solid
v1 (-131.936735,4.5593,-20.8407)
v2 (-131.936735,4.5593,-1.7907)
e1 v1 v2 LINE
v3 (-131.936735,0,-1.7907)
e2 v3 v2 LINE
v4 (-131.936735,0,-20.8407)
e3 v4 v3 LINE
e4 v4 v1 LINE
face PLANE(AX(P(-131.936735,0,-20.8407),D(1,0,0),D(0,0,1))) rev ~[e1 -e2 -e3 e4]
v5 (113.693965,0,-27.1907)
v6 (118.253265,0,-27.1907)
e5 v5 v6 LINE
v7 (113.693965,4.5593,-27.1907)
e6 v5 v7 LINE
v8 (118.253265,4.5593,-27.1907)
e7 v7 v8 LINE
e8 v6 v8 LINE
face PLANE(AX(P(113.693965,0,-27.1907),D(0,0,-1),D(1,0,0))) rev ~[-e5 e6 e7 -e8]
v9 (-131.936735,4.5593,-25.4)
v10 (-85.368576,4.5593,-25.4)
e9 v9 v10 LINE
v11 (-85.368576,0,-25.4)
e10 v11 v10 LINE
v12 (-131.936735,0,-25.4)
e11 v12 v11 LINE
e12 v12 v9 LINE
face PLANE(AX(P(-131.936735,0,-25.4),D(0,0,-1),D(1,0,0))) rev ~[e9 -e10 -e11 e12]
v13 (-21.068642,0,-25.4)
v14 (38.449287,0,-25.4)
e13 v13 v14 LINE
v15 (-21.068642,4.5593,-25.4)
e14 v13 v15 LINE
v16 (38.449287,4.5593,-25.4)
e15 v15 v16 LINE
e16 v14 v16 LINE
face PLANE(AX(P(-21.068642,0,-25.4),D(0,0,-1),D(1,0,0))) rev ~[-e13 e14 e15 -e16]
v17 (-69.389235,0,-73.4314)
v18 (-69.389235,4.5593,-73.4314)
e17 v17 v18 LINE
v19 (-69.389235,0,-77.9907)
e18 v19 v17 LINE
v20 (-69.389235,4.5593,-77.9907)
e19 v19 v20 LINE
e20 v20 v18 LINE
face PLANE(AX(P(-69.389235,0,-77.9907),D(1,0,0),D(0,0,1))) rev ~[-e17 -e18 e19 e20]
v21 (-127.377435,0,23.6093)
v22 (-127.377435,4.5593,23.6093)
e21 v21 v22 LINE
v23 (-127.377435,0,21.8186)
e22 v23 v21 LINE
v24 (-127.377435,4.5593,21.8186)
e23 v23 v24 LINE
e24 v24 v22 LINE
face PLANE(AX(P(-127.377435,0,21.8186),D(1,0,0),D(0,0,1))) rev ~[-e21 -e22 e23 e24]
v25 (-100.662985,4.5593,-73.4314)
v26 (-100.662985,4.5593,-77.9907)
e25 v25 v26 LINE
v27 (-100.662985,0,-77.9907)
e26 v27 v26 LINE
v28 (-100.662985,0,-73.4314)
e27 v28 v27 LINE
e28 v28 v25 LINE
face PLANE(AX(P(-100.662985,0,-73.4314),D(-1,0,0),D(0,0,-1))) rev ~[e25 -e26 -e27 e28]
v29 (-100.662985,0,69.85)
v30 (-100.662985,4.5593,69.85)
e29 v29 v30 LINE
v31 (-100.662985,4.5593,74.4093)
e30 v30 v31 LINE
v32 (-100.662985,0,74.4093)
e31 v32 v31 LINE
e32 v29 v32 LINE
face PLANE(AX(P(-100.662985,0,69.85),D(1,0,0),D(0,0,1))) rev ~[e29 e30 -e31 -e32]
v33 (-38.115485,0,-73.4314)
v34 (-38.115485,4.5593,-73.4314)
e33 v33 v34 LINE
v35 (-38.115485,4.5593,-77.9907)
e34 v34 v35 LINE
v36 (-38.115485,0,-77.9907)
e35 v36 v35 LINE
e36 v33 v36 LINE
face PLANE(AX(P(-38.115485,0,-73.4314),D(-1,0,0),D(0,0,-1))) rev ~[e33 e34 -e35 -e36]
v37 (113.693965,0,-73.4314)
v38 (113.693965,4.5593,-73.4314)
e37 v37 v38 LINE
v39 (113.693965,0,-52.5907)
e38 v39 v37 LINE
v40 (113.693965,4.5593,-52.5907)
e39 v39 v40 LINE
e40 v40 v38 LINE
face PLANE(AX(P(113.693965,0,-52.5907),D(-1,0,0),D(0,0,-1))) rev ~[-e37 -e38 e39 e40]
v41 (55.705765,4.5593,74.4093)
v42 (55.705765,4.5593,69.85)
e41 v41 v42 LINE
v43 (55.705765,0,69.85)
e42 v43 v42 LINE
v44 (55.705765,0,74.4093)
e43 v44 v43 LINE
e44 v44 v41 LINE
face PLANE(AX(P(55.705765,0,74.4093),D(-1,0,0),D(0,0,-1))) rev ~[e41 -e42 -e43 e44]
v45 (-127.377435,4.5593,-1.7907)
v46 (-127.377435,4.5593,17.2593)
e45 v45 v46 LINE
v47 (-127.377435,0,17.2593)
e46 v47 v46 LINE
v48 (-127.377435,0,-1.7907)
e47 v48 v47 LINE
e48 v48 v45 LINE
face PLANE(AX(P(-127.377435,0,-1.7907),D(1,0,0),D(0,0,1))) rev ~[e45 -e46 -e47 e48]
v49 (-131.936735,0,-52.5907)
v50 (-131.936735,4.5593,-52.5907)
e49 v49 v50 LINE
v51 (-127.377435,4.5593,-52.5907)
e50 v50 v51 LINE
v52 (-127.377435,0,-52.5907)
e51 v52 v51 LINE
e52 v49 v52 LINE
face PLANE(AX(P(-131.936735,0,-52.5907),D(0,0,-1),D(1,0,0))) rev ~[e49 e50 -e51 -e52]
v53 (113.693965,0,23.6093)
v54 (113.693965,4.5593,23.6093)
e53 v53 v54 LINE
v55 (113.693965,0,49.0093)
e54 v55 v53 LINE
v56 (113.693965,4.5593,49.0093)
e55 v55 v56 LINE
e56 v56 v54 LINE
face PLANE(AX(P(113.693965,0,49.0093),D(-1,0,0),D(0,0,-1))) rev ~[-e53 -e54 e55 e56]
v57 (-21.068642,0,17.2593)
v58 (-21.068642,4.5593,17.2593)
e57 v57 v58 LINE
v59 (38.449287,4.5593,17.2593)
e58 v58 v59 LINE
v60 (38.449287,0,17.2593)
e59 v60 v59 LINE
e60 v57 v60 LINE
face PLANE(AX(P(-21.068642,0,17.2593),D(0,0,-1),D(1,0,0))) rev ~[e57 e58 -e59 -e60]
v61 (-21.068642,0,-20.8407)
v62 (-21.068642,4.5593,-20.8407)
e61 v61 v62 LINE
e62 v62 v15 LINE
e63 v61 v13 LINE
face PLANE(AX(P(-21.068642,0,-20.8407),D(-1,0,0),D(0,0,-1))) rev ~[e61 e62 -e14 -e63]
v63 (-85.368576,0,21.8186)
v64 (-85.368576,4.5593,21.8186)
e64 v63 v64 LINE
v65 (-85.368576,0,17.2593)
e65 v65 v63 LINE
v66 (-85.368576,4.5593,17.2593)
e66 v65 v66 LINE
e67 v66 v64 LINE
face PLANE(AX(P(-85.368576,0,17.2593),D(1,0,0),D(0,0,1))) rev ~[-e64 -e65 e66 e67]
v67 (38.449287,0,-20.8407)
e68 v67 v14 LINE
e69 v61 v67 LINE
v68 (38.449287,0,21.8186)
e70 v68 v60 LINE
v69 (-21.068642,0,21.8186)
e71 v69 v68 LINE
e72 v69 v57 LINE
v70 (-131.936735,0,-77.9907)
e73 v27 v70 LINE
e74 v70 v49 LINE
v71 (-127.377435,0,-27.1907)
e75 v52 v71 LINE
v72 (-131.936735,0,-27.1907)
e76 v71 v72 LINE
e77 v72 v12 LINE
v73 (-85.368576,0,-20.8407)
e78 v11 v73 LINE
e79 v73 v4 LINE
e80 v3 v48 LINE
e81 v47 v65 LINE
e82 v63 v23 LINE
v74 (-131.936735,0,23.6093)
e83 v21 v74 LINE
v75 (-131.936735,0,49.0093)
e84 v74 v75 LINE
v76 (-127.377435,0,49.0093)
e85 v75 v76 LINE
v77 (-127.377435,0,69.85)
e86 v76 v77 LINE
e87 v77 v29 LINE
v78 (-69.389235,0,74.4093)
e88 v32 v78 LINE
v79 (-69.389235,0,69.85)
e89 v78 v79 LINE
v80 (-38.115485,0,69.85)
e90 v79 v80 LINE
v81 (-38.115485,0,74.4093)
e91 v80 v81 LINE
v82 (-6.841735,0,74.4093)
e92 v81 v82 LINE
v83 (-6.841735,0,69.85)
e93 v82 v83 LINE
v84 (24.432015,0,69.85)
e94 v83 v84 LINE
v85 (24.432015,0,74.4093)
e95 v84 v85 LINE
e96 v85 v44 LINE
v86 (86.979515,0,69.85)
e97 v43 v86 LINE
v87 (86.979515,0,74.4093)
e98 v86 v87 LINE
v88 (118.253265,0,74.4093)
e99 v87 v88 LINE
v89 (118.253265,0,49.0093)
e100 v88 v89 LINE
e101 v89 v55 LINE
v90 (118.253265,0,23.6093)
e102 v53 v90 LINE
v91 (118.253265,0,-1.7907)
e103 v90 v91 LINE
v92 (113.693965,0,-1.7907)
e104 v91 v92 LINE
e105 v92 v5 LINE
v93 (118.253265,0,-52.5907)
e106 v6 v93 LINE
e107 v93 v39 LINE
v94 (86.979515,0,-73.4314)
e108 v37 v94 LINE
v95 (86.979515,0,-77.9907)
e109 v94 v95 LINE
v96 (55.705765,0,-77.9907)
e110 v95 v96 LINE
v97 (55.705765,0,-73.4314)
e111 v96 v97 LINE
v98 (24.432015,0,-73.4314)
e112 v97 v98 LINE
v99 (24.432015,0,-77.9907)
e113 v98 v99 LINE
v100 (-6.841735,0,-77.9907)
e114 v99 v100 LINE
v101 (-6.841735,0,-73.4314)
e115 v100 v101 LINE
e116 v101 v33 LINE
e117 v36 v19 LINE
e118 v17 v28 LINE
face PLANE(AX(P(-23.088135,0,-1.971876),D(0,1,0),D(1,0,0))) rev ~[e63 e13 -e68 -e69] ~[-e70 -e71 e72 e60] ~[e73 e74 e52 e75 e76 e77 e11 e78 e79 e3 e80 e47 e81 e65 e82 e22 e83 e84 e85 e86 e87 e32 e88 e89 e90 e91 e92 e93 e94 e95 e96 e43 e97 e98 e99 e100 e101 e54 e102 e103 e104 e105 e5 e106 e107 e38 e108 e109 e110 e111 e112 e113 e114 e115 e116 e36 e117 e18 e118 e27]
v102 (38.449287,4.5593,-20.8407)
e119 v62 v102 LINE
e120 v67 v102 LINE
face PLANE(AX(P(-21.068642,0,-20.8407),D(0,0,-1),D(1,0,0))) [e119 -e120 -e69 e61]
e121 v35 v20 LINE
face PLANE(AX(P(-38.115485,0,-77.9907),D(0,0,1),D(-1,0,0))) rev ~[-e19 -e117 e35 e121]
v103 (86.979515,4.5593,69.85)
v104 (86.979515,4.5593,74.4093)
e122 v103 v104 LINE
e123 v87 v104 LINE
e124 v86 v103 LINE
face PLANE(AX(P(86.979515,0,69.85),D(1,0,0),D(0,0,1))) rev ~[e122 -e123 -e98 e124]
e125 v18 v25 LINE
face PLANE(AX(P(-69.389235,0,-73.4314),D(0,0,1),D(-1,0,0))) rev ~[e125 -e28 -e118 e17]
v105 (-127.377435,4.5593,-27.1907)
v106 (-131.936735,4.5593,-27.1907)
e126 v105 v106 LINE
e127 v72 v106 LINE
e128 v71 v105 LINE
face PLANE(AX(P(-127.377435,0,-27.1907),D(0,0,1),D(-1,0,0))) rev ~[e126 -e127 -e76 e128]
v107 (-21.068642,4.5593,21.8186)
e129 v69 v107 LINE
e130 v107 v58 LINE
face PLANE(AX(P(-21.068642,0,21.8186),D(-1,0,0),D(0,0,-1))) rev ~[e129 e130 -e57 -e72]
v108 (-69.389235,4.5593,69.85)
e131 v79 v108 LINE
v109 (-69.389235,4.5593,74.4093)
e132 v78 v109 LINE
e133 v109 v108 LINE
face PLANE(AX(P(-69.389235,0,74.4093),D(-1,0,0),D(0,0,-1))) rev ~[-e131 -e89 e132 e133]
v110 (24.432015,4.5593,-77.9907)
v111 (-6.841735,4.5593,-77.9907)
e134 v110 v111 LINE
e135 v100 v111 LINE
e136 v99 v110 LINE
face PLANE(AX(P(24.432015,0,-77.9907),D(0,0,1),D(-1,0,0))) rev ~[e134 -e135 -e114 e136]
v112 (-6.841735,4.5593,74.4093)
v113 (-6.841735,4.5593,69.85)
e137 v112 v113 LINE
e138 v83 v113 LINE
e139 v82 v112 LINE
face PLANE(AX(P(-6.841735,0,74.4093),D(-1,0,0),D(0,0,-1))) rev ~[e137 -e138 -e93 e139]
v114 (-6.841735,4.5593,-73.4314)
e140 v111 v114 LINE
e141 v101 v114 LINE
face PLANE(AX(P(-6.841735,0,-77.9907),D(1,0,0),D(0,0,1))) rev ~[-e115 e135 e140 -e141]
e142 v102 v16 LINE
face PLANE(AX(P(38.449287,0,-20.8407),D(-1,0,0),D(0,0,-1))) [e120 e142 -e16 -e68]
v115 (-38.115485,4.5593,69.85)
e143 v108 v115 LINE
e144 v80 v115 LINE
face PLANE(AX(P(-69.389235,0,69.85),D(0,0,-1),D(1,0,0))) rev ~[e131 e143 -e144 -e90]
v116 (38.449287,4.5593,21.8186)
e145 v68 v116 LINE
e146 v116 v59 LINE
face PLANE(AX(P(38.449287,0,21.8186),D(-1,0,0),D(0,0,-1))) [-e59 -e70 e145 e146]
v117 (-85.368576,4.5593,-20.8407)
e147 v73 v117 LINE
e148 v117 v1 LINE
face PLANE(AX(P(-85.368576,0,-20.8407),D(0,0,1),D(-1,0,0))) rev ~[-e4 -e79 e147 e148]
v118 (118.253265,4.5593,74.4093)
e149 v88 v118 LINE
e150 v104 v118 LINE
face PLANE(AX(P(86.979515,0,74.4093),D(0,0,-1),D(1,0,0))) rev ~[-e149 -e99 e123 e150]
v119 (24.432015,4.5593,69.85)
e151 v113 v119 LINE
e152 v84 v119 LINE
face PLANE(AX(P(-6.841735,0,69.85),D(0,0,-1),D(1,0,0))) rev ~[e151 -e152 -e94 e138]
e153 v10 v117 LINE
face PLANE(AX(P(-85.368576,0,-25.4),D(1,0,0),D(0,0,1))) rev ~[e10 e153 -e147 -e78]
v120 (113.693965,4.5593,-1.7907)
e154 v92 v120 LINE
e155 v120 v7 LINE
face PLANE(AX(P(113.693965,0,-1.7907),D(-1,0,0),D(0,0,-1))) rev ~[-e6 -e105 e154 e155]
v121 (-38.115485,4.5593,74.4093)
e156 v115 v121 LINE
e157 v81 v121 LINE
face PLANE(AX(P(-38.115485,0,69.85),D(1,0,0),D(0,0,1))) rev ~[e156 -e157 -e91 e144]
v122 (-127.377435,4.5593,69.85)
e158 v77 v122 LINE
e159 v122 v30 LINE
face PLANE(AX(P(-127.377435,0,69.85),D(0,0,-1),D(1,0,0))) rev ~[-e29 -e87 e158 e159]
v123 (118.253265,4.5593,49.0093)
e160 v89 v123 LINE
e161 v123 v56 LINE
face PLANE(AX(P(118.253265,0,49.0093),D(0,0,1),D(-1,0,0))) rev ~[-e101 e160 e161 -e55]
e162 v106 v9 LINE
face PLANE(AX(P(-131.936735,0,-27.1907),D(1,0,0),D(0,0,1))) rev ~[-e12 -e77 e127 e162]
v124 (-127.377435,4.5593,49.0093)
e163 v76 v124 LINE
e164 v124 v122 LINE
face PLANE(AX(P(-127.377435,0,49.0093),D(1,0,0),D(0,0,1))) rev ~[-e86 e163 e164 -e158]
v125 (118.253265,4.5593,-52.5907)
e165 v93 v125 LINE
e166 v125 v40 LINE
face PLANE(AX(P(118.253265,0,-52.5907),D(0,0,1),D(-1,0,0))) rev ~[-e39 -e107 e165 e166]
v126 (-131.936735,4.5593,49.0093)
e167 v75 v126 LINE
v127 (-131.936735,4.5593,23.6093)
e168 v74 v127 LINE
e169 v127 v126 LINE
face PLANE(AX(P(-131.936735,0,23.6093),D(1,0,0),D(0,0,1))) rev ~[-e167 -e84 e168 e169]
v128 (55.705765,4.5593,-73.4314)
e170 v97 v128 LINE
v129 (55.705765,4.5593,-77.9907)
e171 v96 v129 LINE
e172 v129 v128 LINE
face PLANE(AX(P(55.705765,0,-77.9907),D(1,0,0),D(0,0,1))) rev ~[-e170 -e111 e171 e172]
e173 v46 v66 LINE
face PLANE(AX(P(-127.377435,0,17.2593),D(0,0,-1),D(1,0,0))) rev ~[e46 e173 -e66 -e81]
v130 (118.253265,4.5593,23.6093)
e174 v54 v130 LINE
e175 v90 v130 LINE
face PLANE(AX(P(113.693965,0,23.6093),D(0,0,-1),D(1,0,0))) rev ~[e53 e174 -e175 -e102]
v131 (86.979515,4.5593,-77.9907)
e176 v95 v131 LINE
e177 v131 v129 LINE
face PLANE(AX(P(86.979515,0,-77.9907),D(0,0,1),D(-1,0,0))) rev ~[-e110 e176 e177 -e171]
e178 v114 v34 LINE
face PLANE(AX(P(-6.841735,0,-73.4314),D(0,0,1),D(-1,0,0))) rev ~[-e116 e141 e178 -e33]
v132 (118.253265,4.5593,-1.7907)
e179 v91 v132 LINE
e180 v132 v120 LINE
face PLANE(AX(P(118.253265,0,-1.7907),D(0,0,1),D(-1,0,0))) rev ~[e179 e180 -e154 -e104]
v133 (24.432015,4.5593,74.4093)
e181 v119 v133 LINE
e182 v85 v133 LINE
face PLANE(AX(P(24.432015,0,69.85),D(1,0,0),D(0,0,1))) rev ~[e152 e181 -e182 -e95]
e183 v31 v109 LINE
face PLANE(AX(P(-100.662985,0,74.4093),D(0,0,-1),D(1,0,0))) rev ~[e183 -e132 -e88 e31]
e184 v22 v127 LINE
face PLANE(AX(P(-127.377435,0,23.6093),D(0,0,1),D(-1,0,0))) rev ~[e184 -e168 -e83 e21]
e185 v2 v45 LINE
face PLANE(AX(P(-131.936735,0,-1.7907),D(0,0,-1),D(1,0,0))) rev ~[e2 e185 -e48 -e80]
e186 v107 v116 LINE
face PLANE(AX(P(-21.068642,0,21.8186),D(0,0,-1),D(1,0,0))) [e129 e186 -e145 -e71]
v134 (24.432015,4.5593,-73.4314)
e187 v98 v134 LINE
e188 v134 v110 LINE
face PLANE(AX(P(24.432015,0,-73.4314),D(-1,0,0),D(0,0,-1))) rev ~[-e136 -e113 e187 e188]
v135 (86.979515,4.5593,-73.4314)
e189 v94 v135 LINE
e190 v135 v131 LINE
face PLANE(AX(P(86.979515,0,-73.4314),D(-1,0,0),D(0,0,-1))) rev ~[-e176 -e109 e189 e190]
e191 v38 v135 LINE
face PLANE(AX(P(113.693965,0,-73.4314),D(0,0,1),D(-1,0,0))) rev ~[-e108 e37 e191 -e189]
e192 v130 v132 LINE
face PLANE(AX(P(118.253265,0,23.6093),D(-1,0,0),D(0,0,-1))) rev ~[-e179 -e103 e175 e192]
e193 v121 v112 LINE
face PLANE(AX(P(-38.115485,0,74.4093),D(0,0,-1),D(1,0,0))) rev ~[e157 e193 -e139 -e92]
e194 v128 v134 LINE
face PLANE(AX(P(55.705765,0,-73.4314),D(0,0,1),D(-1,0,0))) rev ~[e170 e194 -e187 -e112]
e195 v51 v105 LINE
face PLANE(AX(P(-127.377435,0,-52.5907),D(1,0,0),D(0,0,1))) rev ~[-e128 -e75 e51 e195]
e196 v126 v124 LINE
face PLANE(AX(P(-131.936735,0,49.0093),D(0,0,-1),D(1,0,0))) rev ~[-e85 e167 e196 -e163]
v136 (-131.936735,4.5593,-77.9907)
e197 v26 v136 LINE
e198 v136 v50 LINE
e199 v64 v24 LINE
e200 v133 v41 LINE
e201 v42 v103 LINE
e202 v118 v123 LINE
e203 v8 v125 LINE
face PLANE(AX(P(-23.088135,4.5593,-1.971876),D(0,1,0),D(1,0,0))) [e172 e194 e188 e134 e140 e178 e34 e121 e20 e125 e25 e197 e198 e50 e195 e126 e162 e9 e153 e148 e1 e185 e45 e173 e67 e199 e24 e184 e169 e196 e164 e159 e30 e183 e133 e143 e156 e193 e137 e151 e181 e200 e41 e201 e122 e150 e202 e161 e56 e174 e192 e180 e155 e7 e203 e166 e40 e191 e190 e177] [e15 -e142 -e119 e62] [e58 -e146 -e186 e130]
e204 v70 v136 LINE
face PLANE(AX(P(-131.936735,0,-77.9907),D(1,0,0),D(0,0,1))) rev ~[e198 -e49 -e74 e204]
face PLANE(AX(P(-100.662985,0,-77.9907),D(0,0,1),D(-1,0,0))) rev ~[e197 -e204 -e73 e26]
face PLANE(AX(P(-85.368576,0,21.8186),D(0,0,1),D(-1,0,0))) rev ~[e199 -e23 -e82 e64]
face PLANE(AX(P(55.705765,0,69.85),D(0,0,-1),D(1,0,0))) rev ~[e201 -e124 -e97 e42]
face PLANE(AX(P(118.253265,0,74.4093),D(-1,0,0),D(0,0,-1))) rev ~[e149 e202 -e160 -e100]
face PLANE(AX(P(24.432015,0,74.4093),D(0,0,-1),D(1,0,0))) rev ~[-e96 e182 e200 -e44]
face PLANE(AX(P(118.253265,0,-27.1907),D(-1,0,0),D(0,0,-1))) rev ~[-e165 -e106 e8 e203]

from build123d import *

# Parameters (mm, degrees)
SKETCH1_W           = 59.517928736
SKETCH1_H           = 4.5593
BOSS_EXTRUDE1_DEPTH = 4.5593


with BuildPart() as part:
    # Sketch1 → Boss-Extrude1 (new body)
    with BuildSketch(Plane(origin=(0, 0, 0), x_dir=(1, 0, 0), z_dir=(0, 1, 0))):
        Polygon((-100.66298534, 77.9907), (-131.93673534, 77.9907), (-131.93673534, 52.5907), (-127.37743534, 52.5907), (-127.37743534, 27.1907), (-131.93673534, 27.1907), (-131.93673534, 25.4), (-85.368575998, 25.4), (-85.368575998, 20.8407), (-131.93673534, 20.8407), (-131.93673534, 1.7907), (-127.37743534, 1.7907), (-127.37743534, -17.2593), (-85.368575998, -17.2593), (-85.368575998, -21.8186), (-127.37743534, -21.8186), (-127.37743534, -23.6093), (-131.93673534, -23.6093), (-131.93673534, -49.0093), (-127.37743534, -49.0093), (-127.37743534, -69.85), (-100.66298534, -69.85), (-100.66298534, -74.4093), (-69.38923534, -74.4093), (-69.38923534, -69.85), (-38.11548534, -69.85), (-38.11548534, -74.4093), (-6.84173534, -74.4093), (-6.84173534, -69.85), (24.43201466, -69.85), (24.43201466, -74.4093), (55.70576466, -74.4093), (55.70576466, -69.85), (86.97951466, -69.85), (86.97951466, -74.4093), (118.25326466, -74.4093), (118.25326466, -49.0093), (113.69396466, -49.0093), (113.69396466, -23.6093), (118.25326466, -23.6093), (118.25326466, 1.7907), (113.69396466, 1.7907), (113.69396466, 27.1907), (118.25326466, 27.1907), (118.25326466, 52.5907), (113.69396466, 52.5907), (113.69396466, 73.4314), (86.97951466, 73.4314), (86.97951466, 77.9907), (55.70576466, 77.9907), (55.70576466, 73.4314), (24.43201466, 73.4314), (24.43201466, 77.9907), (-6.84173534, 77.9907), (-6.84173534, 73.4314), (-38.11548534, 73.4314), (-38.11548534, 77.9907), (-69.38923534, 77.9907), (-69.38923534, 73.4314), (-100.66298534, 73.4314), align=None)
        with Locations((8.690322735, -19.53895)):
            Rectangle(SKETCH1_W, SKETCH1_H, mode=Mode.SUBTRACT)
        with Locations((8.690322735, 23.12035)):
            Rectangle(SKETCH1_W, SKETCH1_H, mode=Mode.SUBTRACT)
    extrude(amount=BOSS_EXTRUDE1_DEPTH)


solid = part.part
